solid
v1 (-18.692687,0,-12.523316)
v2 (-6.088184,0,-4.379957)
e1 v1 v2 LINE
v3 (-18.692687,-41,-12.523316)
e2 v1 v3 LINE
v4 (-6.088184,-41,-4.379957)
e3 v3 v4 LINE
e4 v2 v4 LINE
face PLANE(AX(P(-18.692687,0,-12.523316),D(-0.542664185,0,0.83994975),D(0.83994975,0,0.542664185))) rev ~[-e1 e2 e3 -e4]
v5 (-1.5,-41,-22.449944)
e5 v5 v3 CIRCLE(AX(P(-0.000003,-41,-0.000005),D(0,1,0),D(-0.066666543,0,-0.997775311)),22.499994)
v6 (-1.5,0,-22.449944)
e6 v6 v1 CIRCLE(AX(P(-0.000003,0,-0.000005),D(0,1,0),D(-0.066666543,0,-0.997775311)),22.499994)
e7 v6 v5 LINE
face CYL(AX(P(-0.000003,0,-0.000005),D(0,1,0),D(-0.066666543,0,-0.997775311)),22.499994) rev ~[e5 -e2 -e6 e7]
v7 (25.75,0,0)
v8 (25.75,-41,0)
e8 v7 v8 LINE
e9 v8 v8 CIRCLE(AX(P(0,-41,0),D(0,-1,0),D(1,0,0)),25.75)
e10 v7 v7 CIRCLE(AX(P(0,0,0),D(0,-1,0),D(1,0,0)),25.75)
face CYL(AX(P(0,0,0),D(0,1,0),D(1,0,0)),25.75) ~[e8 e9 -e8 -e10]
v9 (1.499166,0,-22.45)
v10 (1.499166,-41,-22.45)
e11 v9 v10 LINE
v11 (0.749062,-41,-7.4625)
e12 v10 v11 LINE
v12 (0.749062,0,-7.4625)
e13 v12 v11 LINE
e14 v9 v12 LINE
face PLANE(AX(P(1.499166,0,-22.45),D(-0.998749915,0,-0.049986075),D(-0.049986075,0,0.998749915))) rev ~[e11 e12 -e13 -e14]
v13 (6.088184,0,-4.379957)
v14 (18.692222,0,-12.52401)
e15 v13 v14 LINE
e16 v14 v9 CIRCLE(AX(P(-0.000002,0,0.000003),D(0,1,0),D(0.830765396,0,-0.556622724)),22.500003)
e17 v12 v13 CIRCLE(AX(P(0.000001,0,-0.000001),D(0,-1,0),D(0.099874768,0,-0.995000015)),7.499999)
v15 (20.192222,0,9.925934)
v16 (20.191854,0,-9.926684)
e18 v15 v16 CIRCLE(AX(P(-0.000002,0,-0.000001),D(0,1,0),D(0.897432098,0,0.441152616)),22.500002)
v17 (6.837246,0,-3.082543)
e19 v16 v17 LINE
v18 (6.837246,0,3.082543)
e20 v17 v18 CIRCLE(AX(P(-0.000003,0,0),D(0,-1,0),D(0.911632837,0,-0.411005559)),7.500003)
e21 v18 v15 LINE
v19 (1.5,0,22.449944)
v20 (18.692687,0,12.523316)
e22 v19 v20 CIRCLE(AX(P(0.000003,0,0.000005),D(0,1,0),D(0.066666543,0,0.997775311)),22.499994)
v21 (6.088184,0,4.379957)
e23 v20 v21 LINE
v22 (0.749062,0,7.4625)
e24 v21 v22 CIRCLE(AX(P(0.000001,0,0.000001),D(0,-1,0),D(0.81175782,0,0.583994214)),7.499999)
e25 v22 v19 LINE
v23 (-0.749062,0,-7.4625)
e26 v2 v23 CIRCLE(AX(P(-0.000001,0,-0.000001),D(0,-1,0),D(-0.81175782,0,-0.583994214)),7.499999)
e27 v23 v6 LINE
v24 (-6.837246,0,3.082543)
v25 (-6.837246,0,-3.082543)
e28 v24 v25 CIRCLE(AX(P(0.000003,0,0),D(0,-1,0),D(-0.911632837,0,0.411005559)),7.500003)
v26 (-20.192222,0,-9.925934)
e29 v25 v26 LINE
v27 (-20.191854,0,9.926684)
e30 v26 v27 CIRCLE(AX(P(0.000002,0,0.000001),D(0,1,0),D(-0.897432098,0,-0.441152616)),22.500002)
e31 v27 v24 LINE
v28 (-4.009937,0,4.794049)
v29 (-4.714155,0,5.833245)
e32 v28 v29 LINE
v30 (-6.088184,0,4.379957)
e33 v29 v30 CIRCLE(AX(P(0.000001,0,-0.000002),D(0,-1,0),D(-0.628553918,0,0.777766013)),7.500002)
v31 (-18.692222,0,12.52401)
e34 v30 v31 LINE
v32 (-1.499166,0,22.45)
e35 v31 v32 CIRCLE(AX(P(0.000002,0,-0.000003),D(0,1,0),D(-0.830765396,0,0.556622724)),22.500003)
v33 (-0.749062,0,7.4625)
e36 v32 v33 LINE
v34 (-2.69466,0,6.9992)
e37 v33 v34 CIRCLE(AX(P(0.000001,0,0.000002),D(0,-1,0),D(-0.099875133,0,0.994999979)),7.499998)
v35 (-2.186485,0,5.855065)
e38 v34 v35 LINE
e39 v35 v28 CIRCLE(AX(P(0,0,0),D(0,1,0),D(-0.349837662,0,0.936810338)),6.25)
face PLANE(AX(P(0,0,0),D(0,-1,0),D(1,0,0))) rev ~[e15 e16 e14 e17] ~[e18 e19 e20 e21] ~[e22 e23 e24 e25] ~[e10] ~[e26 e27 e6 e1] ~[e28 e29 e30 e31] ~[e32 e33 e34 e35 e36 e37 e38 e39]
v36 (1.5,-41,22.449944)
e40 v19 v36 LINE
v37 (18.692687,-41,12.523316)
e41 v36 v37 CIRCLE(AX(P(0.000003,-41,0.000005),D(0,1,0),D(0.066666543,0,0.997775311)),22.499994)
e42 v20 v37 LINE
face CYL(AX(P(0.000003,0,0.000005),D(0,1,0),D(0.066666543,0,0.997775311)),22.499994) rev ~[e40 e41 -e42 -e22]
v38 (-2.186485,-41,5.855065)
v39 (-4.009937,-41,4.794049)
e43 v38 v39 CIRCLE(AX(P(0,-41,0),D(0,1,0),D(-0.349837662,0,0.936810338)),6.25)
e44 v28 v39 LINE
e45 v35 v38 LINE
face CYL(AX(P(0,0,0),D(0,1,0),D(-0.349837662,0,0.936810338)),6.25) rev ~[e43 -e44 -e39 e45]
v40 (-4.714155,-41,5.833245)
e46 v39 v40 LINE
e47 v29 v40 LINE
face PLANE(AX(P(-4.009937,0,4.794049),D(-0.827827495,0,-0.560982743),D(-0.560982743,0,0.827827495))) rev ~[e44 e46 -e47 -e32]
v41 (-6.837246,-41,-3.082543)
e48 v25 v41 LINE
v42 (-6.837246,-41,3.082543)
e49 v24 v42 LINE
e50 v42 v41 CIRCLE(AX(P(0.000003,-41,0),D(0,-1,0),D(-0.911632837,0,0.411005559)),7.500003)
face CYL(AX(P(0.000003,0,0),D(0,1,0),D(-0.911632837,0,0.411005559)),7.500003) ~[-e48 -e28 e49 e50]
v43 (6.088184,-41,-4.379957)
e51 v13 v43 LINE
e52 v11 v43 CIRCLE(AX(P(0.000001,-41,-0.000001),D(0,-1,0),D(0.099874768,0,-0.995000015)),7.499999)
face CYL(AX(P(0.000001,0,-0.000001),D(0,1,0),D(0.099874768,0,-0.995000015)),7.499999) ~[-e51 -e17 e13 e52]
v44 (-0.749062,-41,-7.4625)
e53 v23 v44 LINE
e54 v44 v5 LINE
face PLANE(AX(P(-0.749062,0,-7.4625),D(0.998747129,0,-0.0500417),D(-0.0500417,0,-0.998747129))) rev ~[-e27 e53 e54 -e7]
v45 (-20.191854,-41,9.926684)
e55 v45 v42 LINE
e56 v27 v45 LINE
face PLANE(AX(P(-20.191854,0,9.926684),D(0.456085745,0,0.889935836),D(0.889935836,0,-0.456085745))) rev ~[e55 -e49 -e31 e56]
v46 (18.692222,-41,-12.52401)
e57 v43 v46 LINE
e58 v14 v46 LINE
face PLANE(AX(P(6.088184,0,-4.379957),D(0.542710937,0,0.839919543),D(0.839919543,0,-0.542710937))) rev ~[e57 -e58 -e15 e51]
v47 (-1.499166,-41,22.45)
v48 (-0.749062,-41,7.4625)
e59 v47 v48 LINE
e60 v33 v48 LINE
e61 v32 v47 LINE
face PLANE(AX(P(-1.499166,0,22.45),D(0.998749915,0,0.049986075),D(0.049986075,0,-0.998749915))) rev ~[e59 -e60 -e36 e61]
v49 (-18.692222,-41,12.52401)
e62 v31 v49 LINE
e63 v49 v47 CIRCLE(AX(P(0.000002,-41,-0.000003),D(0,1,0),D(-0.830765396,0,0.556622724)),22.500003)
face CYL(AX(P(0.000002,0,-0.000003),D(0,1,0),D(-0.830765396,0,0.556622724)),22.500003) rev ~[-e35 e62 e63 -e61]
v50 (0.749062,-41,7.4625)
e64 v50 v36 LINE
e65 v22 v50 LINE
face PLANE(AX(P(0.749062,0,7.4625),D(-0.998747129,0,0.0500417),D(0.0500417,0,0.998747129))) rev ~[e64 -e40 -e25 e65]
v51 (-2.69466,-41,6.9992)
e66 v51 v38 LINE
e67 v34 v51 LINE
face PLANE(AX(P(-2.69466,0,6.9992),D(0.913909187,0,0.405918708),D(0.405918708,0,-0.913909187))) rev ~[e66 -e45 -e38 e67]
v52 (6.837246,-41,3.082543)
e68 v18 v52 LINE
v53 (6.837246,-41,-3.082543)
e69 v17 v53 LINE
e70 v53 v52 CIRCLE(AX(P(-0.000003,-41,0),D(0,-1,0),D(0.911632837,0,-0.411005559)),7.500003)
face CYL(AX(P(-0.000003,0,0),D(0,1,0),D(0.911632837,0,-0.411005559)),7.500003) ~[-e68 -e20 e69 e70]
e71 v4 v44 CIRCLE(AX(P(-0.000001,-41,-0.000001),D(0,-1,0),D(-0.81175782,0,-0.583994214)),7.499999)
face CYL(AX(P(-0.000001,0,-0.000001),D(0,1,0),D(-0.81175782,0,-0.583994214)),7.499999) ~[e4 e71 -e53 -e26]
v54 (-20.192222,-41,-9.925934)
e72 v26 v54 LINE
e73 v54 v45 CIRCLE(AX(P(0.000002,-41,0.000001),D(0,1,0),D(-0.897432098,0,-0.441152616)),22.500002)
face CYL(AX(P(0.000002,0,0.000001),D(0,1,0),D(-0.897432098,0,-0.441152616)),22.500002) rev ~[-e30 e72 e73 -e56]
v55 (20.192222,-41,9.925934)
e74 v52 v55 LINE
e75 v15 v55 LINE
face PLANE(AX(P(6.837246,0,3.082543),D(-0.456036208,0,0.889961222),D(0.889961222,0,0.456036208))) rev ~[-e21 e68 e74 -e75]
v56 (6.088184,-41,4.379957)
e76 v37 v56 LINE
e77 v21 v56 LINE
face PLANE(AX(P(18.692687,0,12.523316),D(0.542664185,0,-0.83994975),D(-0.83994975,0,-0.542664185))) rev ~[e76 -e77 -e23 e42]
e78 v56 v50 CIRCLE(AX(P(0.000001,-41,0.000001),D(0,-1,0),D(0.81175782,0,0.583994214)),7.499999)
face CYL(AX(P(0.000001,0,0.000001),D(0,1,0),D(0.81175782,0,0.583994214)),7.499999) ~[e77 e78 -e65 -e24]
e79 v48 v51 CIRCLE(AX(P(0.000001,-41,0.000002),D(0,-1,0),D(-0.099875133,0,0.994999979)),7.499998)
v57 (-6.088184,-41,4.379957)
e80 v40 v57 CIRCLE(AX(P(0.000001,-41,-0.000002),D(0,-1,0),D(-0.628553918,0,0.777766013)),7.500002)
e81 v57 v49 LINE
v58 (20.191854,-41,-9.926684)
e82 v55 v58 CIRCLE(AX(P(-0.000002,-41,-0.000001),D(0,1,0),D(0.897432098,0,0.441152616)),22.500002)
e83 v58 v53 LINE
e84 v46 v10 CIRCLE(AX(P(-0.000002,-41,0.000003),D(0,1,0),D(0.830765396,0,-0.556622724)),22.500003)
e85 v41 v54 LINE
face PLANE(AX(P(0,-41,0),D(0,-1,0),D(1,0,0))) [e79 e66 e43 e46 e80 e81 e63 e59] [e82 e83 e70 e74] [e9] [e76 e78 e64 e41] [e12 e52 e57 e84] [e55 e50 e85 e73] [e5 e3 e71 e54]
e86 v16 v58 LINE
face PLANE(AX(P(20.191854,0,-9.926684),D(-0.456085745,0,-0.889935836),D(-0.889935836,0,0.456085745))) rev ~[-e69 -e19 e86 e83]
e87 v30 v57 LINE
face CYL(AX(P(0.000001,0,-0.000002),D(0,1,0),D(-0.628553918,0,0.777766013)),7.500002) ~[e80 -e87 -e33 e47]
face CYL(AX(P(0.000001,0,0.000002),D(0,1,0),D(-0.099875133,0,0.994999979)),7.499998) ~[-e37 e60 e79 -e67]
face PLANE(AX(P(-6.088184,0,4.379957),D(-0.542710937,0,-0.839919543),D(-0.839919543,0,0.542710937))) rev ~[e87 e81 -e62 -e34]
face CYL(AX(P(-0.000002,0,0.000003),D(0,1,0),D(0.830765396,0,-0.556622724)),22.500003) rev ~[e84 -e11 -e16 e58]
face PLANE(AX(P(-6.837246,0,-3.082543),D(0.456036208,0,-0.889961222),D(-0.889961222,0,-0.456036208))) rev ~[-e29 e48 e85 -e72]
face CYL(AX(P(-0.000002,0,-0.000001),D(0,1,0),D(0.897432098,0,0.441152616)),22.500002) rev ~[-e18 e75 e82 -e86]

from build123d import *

# Parameters (mm, degrees)
F0_R     = 25.75
F1_DEPTH = 41


with BuildPart() as f1:
    # F0 (on Front) → F1 (new body)
    with BuildSketch(Plane.XZ):
        Circle(F0_R)
        with BuildLine():
            ThreePointArc((-1.5, -22.449944), (-11.250362, -19.485363), (-18.692687, -12.523316))
            Line((-18.692687, -12.523316), (-6.088184, -4.379957))
            ThreePointArc((-6.088184, -4.379957), (-3.75, -6.495191), (-0.749062, -7.4625))
            Line((-0.749062, -7.4625), (-1.5, -22.449944))
        make_face(mode=Mode.SUBTRACT)
        with BuildLine():
            ThreePointArc((18.692222, -12.52401), (11.249638, -19.48578), (1.499166, -22.45))
            Line((1.499166, -22.45), (0.749062, -7.4625))
            ThreePointArc((0.749062, -7.4625), (3.75, -6.495191), (6.088184, -4.379957))
            Line((6.088184, -4.379957), (18.692222, -12.52401))
        make_face(mode=Mode.SUBTRACT)
        with BuildLine():
            ThreePointArc((20.192222, 9.925934), (22.5, -0.000418), (20.191854, -9.926684))
            Line((20.191854, -9.926684), (6.837246, -3.082543))
            ThreePointArc((6.837246, -3.082543), (7.5, 0), (6.837246, 3.082543))
            Line((6.837246, 3.082543), (20.192222, 9.925934))
        make_face(mode=Mode.SUBTRACT)
        with BuildLine():
            ThreePointArc((-20.192222, -9.925934), (-22.5, 0.000418), (-20.191854, 9.926684))
            Line((-20.191854, 9.926684), (-6.837246, 3.082543))
            ThreePointArc((-6.837246, 3.082543), (-7.5, 0), (-6.837246, -3.082543))
            Line((-6.837246, -3.082543), (-20.192222, -9.925934))
        make_face(mode=Mode.SUBTRACT)
        with BuildLine():
            ThreePointArc((-2.186485, 5.855065), (3.143303, -5.40205), (-4.009937, 4.794049))
            Line((-4.009937, 4.794049), (-4.714155, 5.833245))
            ThreePointArc((-4.714155, 5.833245), (-5.44983, 5.152607), (-6.088184, 4.379957))
            Line((-6.088184, 4.379957), (-18.692222, 12.52401))
            ThreePointArc((-18.692222, 12.52401), (-11.249638, 19.48578), (-1.499166, 22.45))
            Line((-1.499166, 22.45), (-0.749062, 7.4625))
            ThreePointArc((-0.749062, 7.4625), (-1.737374, 7.295994), (-2.69466, 6.9992))
            Line((-2.69466, 6.9992), (-2.186485, 5.855065))
        make_face(mode=Mode.SUBTRACT)
        with BuildLine():
            Line((0.749062, 7.4625), (1.5, 22.449944))
            ThreePointArc((1.5, 22.449944), (11.250362, 19.485363), (18.692687, 12.523316))
            Line((18.692687, 12.523316), (6.088184, 4.379957))
            ThreePointArc((6.088184, 4.379957), (3.75, 6.495191), (0.749062, 7.4625))
        make_face(mode=Mode.SUBTRACT)
    extrude(amount=F1_DEPTH)


solid = f1.part
